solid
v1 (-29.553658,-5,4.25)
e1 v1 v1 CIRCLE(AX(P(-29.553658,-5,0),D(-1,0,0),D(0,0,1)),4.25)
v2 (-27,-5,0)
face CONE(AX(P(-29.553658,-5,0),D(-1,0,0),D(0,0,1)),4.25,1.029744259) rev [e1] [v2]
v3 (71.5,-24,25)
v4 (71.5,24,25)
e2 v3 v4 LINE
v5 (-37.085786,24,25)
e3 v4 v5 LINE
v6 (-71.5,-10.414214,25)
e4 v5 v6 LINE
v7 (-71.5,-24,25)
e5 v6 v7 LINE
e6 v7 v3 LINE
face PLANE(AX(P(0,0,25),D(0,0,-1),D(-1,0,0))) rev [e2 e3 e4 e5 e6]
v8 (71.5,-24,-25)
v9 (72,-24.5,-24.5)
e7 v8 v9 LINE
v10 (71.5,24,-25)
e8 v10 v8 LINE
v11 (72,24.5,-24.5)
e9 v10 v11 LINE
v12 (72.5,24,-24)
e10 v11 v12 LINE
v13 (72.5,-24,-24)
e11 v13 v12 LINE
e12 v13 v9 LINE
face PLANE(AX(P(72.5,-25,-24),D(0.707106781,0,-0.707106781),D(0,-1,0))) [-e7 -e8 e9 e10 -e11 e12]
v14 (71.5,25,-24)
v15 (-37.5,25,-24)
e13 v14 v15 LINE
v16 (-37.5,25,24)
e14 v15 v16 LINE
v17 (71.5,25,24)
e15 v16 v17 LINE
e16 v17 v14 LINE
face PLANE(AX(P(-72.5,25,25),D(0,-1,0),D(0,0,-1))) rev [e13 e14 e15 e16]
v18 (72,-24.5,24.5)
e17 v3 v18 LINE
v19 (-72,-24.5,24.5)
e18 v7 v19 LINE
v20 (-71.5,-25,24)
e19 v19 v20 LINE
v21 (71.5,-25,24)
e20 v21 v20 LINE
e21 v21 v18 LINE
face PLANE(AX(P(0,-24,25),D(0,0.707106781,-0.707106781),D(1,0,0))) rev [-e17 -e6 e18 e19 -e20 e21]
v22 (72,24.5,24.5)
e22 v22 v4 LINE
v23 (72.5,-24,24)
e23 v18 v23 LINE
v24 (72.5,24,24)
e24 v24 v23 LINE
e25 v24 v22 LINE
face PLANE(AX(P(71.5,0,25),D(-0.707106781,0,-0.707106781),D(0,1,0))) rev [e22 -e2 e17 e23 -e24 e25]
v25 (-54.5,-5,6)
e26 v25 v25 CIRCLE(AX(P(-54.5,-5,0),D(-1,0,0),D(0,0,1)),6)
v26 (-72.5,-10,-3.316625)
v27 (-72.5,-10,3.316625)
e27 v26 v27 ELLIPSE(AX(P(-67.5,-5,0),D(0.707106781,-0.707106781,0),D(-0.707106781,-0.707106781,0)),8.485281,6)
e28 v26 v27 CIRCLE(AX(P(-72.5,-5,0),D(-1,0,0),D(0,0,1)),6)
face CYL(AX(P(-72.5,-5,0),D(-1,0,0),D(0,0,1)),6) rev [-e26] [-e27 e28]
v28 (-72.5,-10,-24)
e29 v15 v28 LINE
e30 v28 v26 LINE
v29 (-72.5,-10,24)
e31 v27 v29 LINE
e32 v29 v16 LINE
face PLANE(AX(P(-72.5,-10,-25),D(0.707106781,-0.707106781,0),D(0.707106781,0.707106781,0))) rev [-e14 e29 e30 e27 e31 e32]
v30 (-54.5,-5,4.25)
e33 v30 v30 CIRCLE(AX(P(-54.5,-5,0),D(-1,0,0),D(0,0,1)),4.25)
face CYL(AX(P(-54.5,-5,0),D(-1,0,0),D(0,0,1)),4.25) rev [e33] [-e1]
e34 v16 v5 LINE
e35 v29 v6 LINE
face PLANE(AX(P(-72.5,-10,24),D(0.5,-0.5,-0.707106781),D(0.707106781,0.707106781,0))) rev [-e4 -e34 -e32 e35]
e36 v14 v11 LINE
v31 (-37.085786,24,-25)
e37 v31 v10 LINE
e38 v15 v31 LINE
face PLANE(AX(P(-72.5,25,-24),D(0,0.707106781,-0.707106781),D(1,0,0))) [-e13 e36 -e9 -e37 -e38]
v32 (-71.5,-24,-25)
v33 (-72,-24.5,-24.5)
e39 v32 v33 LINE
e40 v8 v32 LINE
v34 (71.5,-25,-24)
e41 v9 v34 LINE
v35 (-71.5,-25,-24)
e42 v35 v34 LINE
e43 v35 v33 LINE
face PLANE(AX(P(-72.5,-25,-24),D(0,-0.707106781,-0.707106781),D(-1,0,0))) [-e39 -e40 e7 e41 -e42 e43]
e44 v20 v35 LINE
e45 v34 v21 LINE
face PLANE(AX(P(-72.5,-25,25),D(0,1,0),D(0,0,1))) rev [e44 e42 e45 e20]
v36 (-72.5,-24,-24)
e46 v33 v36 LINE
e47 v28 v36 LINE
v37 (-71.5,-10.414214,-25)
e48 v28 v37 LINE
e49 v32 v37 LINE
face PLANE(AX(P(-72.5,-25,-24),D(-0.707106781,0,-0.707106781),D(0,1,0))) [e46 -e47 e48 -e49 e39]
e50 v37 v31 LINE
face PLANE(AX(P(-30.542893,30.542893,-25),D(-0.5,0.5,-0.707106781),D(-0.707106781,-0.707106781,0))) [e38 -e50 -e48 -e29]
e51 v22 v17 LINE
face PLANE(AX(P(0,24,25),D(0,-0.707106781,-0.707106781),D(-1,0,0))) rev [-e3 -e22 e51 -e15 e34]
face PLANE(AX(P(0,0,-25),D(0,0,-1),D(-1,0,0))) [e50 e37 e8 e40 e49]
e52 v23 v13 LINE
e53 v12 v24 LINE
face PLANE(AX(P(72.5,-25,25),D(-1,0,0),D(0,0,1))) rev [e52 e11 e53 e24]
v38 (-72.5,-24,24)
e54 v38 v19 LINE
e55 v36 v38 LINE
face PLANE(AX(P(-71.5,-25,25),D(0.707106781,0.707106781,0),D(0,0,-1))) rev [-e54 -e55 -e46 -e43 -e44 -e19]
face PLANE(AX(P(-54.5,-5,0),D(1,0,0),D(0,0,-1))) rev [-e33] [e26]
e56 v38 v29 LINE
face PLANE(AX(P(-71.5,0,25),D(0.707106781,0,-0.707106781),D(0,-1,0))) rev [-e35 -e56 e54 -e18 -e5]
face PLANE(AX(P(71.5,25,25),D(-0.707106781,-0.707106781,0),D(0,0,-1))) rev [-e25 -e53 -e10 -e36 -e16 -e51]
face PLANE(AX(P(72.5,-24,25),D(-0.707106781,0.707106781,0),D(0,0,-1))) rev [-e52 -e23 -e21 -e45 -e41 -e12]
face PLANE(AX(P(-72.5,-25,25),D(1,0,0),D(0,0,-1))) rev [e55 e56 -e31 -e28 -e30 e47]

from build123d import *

# Parameters (mm, degrees)
SKETCH1_W                      = 145
SKETCH1_H                      = 50
BOSS_EXTRUDE1_DEPTH            = 25
CUT_EXTRUDE1_DEPTH             = 81.661329025
CUT_EXTRUDE1_DEPTH_BACK        = 81.661329025
F_12_0_12_DIAMETER_HOLE1_D     = 12
F_12_0_12_DIAMETER_HOLE1_DEPTH = 18
M10_TAPPED_HOLE2_D             = 8.5
M10_TAPPED_HOLE2_DEPTH         = 24.946342369
M10_TAPPED_HOLE2_TIP           = 2.553657631
CHAMFER1_SIZE                  = 1
CHAMFER2_SIZE                  = 1
CHAMFER3_SIZE                  = 1


with BuildPart() as part:
    # Sketch1 → Boss-Extrude1 (new, symmetric)
    with BuildSketch(Plane.XY):
        Rectangle(SKETCH1_W, SKETCH1_H)
    extrude(amount=BOSS_EXTRUDE1_DEPTH, both=True)

    # Sketch2 → Cut-Extrude1 (cut, two sides: drawn at the far end of the back side and taken through both)
    with BuildSketch(Plane.XY.offset(-CUT_EXTRUDE1_DEPTH_BACK)):
        Polygon((-72.5, -10), (-37.5, 25), (-72.5, 25), align=None)
    extrude(amount=CUT_EXTRUDE1_DEPTH + CUT_EXTRUDE1_DEPTH_BACK, mode=Mode.SUBTRACT)

    # Ø12.0 (12) Diameter Hole1
    with Locations(Plane.ZY.offset(72.5)):
        with Locations((0, -5)):
            Hole(F_12_0_12_DIAMETER_HOLE1_D / 2, depth=F_12_0_12_DIAMETER_HOLE1_DEPTH)

    # M10 Tapped Hole2
    with Locations(Plane.ZY.offset(54.5)):
        with Locations((0, -5)):
            Hole(M10_TAPPED_HOLE2_D / 2, depth=M10_TAPPED_HOLE2_DEPTH)
            with Locations((0, 0, -(M10_TAPPED_HOLE2_DEPTH + M10_TAPPED_HOLE2_TIP / 2))):  # 118° drill point
                Cone(0, M10_TAPPED_HOLE2_D / 2, M10_TAPPED_HOLE2_TIP, mode=Mode.SUBTRACT)

    # Chamfer1
    chamfer1_edges = [part.edges().sort_by_distance(p)[0] for p in [
        (-72.5, -17.5, -25),
        (-72.5, -17.5, 25),
        (0, -25, 25),
        (-55, 7.5, -25),
        (-55, 7.5, 25),
        (72.5, 0, 25),
        (0, -25, -25),
        (17.5, 25, -25),
        (72.5, 0, -25),
        (17.5, 25, 25),
    ]]
    chamfer(chamfer1_edges, length=CHAMFER1_SIZE)

    # Chamfer2
    chamfer2_edges = [part.edges().sort_by_distance(p)[0] for p in [
        (72.5, -25, 0),
        (72.5, 25, 0),
    ]]
    chamfer(chamfer2_edges, length=CHAMFER2_SIZE)

    # Chamfer3
    chamfer3_edges = [part.edges().sort_by_distance(p)[0] for p in [
        (-72.5, -25, 0),
    ]]
    chamfer(chamfer3_edges, length=CHAMFER3_SIZE)


solid = part.part
